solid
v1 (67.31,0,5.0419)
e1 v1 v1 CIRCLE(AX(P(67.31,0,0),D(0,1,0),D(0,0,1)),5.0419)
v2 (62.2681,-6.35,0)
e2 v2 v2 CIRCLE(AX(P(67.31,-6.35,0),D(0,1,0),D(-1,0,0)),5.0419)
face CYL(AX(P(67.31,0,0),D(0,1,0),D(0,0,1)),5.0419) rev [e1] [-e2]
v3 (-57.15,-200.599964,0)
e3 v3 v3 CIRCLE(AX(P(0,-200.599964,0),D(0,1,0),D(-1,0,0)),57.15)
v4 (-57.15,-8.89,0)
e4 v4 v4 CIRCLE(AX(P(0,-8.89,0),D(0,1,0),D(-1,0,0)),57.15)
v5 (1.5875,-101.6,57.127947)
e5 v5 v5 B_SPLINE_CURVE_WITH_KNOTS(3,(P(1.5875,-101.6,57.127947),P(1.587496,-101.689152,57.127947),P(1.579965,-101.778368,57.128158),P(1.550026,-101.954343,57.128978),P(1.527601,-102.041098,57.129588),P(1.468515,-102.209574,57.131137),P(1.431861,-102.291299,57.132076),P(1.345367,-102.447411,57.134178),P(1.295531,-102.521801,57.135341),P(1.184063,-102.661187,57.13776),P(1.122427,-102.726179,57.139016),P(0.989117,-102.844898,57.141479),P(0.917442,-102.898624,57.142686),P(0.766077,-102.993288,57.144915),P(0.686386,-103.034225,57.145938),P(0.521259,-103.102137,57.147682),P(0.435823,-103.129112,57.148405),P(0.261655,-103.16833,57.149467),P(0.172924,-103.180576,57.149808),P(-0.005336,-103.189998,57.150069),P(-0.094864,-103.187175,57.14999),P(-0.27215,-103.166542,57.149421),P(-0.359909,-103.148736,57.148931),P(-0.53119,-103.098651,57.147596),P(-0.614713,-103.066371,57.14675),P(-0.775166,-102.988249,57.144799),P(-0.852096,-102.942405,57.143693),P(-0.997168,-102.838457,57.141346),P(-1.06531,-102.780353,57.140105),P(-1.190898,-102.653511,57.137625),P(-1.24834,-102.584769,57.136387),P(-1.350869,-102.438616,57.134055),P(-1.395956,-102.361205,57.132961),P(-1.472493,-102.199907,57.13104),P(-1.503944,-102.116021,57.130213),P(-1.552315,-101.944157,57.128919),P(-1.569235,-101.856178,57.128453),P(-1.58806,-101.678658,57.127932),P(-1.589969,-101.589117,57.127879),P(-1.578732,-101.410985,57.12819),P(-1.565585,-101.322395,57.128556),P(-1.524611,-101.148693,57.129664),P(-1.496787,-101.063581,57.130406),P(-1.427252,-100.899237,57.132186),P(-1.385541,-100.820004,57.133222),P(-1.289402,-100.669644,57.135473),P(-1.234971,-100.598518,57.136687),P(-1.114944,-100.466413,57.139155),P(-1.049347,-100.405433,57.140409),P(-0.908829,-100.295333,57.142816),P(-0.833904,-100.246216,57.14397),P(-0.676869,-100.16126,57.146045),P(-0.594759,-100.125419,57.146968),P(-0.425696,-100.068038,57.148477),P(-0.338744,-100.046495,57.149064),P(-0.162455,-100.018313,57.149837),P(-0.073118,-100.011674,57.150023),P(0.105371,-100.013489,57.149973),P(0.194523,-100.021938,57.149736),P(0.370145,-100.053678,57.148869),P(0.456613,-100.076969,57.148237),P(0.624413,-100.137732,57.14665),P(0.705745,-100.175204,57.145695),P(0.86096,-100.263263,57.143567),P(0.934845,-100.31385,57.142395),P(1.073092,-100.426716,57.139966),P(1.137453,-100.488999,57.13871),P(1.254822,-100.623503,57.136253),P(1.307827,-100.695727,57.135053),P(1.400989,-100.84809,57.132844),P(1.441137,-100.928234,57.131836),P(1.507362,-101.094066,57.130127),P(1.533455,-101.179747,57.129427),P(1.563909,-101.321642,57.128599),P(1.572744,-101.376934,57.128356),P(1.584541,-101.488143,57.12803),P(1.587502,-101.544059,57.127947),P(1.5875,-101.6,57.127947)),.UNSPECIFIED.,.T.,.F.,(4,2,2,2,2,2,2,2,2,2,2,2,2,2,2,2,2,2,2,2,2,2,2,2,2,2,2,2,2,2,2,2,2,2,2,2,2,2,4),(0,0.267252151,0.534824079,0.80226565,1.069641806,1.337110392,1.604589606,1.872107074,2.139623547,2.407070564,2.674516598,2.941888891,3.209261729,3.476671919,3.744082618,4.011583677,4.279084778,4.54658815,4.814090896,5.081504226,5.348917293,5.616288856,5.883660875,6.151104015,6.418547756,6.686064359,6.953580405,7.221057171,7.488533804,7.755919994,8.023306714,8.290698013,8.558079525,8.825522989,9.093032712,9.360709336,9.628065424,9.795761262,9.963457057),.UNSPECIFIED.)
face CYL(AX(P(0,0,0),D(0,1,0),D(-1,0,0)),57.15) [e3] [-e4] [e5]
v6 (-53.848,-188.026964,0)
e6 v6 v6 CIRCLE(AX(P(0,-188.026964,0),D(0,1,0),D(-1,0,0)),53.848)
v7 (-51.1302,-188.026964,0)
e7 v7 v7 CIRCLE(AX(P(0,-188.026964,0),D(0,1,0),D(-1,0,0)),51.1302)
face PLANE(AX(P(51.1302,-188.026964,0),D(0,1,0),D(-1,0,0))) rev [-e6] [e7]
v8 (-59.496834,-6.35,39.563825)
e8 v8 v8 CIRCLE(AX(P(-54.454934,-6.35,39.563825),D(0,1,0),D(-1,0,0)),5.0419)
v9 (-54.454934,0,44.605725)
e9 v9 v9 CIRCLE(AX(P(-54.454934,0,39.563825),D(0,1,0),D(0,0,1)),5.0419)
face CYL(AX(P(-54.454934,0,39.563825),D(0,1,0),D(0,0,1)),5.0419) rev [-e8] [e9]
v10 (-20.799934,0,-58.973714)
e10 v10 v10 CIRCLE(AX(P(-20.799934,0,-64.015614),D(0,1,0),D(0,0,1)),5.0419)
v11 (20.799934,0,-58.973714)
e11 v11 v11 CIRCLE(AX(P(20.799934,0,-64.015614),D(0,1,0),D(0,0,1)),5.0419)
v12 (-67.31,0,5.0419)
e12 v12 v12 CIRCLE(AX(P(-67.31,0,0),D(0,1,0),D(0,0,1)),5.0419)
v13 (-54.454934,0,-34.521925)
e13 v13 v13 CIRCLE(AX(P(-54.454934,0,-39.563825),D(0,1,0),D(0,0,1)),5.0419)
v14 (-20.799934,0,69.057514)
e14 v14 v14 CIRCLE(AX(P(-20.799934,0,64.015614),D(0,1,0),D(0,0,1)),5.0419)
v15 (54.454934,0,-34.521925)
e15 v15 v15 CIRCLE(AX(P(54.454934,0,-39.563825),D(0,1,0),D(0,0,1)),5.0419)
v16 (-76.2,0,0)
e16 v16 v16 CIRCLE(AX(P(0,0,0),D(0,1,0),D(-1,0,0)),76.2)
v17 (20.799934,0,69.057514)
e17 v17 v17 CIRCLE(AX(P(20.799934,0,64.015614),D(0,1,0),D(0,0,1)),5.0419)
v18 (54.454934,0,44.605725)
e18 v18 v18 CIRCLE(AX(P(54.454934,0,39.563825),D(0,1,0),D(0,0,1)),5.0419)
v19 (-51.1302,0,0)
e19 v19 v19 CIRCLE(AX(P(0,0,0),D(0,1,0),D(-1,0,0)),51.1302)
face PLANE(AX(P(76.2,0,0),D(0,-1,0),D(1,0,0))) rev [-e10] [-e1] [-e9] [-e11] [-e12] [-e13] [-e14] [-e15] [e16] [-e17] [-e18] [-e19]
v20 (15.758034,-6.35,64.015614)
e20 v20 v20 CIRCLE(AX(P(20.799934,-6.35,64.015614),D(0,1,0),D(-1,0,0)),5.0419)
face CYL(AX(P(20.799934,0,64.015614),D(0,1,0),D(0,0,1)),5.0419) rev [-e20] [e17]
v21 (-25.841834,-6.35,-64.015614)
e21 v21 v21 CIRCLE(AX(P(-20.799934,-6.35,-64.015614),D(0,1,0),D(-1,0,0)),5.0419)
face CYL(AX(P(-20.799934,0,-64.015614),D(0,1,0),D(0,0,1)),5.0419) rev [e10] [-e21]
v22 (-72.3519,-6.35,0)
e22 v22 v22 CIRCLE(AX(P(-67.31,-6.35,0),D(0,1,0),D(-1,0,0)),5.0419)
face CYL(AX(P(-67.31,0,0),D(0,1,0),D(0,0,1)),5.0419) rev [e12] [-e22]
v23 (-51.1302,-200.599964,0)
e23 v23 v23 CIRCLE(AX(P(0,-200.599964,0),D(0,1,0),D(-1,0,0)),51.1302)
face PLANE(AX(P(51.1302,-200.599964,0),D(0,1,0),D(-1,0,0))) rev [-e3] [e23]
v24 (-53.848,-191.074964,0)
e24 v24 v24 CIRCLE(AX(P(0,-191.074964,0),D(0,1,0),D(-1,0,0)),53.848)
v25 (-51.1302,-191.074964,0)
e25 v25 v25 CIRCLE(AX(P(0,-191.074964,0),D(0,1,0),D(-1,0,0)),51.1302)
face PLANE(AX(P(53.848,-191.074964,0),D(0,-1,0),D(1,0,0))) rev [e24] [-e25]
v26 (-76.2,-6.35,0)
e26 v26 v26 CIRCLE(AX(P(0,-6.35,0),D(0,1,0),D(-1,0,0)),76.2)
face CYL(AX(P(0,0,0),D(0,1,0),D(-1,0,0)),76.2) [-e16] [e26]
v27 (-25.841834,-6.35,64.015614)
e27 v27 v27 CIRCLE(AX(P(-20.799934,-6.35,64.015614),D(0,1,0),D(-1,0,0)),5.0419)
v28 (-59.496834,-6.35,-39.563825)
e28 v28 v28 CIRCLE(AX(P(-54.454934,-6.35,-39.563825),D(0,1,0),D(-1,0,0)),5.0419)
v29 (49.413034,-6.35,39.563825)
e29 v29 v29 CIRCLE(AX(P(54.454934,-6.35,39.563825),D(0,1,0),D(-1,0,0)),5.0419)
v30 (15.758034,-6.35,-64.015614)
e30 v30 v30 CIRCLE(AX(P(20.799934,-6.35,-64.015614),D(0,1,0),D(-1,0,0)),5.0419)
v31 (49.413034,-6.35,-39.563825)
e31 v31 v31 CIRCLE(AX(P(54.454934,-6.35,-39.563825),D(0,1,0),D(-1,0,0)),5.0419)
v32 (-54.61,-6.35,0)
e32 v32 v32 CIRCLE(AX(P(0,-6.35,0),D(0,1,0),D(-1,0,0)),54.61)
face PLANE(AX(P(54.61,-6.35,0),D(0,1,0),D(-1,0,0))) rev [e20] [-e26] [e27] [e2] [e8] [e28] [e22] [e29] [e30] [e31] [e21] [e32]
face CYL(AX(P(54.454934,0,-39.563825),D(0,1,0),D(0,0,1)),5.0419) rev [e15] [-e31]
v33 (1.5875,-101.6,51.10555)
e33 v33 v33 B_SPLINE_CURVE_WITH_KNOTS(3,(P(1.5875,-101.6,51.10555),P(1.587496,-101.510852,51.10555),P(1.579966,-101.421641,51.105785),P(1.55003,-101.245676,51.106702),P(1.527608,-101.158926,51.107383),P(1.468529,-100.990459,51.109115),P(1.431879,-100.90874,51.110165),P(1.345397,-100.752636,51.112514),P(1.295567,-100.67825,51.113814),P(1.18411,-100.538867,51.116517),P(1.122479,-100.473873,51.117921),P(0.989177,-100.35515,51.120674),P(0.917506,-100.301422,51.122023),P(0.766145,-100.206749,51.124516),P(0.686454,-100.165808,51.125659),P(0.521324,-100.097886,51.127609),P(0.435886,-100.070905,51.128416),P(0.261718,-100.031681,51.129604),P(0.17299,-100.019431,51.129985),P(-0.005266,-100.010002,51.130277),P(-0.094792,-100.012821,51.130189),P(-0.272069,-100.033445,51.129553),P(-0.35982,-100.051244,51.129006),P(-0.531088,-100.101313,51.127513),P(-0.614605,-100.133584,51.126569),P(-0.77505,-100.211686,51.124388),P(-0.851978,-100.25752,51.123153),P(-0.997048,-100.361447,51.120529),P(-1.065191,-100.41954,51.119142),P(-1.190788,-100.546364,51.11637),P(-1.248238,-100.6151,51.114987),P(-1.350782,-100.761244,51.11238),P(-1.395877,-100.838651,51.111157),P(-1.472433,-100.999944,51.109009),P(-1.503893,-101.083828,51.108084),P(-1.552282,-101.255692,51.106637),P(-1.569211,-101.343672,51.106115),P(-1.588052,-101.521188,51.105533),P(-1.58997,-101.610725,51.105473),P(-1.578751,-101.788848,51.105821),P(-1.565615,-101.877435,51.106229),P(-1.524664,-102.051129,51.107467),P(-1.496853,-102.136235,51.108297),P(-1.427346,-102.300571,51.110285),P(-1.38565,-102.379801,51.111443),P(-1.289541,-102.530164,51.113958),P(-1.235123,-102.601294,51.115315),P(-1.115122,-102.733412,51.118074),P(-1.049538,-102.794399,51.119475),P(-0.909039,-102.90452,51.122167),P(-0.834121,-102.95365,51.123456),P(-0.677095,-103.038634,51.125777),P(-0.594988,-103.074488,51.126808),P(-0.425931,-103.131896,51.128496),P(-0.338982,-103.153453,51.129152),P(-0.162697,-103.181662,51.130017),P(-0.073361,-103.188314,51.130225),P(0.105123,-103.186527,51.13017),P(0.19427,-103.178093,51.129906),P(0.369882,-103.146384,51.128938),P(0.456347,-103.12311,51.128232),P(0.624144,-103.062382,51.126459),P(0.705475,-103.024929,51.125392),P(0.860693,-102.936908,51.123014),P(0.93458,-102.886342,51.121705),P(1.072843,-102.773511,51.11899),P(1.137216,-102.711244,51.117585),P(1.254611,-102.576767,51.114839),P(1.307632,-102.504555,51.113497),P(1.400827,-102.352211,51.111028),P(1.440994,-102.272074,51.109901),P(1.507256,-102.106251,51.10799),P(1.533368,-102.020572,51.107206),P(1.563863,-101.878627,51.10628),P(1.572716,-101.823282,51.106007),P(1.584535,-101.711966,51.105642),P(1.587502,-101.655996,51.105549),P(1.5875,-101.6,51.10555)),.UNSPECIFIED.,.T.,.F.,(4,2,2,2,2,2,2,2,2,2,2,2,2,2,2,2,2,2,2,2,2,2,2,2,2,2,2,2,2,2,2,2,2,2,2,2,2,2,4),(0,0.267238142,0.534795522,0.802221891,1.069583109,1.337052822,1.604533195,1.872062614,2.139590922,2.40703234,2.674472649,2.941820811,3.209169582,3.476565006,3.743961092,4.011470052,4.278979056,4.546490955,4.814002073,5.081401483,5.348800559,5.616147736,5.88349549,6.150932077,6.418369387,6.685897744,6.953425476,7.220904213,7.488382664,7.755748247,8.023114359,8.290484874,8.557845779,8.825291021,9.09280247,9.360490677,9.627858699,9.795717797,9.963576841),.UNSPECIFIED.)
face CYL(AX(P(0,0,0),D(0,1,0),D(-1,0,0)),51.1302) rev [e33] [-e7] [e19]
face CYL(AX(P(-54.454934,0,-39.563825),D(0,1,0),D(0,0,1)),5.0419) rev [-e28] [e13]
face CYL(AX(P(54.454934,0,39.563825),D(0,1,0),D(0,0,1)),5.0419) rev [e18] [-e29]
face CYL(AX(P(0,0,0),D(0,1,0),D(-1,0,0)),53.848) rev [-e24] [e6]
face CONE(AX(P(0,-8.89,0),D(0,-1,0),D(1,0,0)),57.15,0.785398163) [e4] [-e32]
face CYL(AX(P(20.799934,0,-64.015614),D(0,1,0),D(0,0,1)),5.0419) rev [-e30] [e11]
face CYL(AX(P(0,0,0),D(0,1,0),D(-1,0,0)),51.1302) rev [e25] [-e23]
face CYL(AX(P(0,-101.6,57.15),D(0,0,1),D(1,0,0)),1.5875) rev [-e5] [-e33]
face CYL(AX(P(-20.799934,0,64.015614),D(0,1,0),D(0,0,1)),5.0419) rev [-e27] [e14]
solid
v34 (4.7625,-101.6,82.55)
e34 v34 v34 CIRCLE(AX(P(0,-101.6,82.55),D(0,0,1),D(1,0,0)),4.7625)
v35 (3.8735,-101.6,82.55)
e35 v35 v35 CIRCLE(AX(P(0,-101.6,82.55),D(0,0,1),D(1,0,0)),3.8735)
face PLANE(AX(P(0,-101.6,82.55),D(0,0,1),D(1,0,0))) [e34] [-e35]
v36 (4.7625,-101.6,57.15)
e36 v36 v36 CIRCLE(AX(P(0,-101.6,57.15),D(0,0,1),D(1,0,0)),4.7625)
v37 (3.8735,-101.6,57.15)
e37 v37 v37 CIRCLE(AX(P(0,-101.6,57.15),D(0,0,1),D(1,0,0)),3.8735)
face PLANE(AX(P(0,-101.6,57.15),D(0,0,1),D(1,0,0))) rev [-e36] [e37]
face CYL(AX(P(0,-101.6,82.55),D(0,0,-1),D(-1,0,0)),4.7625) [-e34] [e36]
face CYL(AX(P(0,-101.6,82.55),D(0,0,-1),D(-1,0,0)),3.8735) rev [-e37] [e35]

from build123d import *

# Parameters (mm, degrees)
TAP_DRILL_FOR_3_8_16_TAP1_D = 10.0838
CIRPATTERN1_COUNT           = 10
SKETCH4_R                   = 4.7625
SKETCH4_R_2                 = 3.8735
BOSS_EXTRUDE1_DEPTH         = 25.4


with BuildPart() as part:
    # Sketch1 → Revolve1 (revolve)
    with BuildSketch(Plane.XY, mode=Mode.PRIVATE) as revolve1_sk:
        Polygon((51.1302, 0), (51.1302, -188.026963516), (53.848, -188.026963516), (53.848, -191.074963516), (51.1302, -191.074963516), (51.1302, -200.599963516), (57.15, -200.599963516), (57.15, -8.89), (54.61, -6.35), (76.2, -6.35), (76.2, 0), align=None)
    revolve(revolve1_sk.sketch.rotate(Axis((0, 0, 0), (0, -1, 0)), 180), axis=Axis((0, 0, 0), (0, -1, 0)))

    # Tap Drill for 3/8-16 Tap1 (through all)
    with Locations(Plane(origin=(0, 0, 0), x_dir=(1, 0, 0), z_dir=(0, 1, 0))):
        with Locations((67.31, 0)):
            tap_drill_for_3_8_16_tap1 = Hole(TAP_DRILL_FOR_3_8_16_TAP1_D / 2)

    # CirPattern1: Tap Drill for 3/8-16 Tap1 ×10 about axis
    cirpattern1_axis = Axis((0, 0, 0), (0, 1, 0))
    for i in range(1, CIRPATTERN1_COUNT):
        add(tap_drill_for_3_8_16_tap1.rotate(cirpattern1_axis, i * 360 / CIRPATTERN1_COUNT), mode=Mode.SUBTRACT)

    # Sketch11 → 1/8 (0.125) Diameter Hole3 (revolve, cut)
    with BuildSketch(Plane(origin=(0, -101.6, 57.15), x_dir=(0, -1, 0), z_dir=(1, 0, 0))):
        Polygon((0, 0), (0, 26.353866233), (1.5875, 25.4), (1.5875, 0), align=None)
    revolve(axis=Axis((0, -101.6, 63.5), (0, 0, -1)), mode=Mode.SUBTRACT)


with BuildPart() as body_2:
    # Sketch4 → Boss-Extrude1 (new body)
    with BuildSketch(Plane.XY.offset(57.15)):
        with Locations((0, -101.6)):
            Circle(SKETCH4_R)
        with Locations((0, -101.6)):
            Circle(SKETCH4_R_2, mode=Mode.SUBTRACT)
    extrude(amount=BOSS_EXTRUDE1_DEPTH)


solid = Compound([part.part, body_2.part])
